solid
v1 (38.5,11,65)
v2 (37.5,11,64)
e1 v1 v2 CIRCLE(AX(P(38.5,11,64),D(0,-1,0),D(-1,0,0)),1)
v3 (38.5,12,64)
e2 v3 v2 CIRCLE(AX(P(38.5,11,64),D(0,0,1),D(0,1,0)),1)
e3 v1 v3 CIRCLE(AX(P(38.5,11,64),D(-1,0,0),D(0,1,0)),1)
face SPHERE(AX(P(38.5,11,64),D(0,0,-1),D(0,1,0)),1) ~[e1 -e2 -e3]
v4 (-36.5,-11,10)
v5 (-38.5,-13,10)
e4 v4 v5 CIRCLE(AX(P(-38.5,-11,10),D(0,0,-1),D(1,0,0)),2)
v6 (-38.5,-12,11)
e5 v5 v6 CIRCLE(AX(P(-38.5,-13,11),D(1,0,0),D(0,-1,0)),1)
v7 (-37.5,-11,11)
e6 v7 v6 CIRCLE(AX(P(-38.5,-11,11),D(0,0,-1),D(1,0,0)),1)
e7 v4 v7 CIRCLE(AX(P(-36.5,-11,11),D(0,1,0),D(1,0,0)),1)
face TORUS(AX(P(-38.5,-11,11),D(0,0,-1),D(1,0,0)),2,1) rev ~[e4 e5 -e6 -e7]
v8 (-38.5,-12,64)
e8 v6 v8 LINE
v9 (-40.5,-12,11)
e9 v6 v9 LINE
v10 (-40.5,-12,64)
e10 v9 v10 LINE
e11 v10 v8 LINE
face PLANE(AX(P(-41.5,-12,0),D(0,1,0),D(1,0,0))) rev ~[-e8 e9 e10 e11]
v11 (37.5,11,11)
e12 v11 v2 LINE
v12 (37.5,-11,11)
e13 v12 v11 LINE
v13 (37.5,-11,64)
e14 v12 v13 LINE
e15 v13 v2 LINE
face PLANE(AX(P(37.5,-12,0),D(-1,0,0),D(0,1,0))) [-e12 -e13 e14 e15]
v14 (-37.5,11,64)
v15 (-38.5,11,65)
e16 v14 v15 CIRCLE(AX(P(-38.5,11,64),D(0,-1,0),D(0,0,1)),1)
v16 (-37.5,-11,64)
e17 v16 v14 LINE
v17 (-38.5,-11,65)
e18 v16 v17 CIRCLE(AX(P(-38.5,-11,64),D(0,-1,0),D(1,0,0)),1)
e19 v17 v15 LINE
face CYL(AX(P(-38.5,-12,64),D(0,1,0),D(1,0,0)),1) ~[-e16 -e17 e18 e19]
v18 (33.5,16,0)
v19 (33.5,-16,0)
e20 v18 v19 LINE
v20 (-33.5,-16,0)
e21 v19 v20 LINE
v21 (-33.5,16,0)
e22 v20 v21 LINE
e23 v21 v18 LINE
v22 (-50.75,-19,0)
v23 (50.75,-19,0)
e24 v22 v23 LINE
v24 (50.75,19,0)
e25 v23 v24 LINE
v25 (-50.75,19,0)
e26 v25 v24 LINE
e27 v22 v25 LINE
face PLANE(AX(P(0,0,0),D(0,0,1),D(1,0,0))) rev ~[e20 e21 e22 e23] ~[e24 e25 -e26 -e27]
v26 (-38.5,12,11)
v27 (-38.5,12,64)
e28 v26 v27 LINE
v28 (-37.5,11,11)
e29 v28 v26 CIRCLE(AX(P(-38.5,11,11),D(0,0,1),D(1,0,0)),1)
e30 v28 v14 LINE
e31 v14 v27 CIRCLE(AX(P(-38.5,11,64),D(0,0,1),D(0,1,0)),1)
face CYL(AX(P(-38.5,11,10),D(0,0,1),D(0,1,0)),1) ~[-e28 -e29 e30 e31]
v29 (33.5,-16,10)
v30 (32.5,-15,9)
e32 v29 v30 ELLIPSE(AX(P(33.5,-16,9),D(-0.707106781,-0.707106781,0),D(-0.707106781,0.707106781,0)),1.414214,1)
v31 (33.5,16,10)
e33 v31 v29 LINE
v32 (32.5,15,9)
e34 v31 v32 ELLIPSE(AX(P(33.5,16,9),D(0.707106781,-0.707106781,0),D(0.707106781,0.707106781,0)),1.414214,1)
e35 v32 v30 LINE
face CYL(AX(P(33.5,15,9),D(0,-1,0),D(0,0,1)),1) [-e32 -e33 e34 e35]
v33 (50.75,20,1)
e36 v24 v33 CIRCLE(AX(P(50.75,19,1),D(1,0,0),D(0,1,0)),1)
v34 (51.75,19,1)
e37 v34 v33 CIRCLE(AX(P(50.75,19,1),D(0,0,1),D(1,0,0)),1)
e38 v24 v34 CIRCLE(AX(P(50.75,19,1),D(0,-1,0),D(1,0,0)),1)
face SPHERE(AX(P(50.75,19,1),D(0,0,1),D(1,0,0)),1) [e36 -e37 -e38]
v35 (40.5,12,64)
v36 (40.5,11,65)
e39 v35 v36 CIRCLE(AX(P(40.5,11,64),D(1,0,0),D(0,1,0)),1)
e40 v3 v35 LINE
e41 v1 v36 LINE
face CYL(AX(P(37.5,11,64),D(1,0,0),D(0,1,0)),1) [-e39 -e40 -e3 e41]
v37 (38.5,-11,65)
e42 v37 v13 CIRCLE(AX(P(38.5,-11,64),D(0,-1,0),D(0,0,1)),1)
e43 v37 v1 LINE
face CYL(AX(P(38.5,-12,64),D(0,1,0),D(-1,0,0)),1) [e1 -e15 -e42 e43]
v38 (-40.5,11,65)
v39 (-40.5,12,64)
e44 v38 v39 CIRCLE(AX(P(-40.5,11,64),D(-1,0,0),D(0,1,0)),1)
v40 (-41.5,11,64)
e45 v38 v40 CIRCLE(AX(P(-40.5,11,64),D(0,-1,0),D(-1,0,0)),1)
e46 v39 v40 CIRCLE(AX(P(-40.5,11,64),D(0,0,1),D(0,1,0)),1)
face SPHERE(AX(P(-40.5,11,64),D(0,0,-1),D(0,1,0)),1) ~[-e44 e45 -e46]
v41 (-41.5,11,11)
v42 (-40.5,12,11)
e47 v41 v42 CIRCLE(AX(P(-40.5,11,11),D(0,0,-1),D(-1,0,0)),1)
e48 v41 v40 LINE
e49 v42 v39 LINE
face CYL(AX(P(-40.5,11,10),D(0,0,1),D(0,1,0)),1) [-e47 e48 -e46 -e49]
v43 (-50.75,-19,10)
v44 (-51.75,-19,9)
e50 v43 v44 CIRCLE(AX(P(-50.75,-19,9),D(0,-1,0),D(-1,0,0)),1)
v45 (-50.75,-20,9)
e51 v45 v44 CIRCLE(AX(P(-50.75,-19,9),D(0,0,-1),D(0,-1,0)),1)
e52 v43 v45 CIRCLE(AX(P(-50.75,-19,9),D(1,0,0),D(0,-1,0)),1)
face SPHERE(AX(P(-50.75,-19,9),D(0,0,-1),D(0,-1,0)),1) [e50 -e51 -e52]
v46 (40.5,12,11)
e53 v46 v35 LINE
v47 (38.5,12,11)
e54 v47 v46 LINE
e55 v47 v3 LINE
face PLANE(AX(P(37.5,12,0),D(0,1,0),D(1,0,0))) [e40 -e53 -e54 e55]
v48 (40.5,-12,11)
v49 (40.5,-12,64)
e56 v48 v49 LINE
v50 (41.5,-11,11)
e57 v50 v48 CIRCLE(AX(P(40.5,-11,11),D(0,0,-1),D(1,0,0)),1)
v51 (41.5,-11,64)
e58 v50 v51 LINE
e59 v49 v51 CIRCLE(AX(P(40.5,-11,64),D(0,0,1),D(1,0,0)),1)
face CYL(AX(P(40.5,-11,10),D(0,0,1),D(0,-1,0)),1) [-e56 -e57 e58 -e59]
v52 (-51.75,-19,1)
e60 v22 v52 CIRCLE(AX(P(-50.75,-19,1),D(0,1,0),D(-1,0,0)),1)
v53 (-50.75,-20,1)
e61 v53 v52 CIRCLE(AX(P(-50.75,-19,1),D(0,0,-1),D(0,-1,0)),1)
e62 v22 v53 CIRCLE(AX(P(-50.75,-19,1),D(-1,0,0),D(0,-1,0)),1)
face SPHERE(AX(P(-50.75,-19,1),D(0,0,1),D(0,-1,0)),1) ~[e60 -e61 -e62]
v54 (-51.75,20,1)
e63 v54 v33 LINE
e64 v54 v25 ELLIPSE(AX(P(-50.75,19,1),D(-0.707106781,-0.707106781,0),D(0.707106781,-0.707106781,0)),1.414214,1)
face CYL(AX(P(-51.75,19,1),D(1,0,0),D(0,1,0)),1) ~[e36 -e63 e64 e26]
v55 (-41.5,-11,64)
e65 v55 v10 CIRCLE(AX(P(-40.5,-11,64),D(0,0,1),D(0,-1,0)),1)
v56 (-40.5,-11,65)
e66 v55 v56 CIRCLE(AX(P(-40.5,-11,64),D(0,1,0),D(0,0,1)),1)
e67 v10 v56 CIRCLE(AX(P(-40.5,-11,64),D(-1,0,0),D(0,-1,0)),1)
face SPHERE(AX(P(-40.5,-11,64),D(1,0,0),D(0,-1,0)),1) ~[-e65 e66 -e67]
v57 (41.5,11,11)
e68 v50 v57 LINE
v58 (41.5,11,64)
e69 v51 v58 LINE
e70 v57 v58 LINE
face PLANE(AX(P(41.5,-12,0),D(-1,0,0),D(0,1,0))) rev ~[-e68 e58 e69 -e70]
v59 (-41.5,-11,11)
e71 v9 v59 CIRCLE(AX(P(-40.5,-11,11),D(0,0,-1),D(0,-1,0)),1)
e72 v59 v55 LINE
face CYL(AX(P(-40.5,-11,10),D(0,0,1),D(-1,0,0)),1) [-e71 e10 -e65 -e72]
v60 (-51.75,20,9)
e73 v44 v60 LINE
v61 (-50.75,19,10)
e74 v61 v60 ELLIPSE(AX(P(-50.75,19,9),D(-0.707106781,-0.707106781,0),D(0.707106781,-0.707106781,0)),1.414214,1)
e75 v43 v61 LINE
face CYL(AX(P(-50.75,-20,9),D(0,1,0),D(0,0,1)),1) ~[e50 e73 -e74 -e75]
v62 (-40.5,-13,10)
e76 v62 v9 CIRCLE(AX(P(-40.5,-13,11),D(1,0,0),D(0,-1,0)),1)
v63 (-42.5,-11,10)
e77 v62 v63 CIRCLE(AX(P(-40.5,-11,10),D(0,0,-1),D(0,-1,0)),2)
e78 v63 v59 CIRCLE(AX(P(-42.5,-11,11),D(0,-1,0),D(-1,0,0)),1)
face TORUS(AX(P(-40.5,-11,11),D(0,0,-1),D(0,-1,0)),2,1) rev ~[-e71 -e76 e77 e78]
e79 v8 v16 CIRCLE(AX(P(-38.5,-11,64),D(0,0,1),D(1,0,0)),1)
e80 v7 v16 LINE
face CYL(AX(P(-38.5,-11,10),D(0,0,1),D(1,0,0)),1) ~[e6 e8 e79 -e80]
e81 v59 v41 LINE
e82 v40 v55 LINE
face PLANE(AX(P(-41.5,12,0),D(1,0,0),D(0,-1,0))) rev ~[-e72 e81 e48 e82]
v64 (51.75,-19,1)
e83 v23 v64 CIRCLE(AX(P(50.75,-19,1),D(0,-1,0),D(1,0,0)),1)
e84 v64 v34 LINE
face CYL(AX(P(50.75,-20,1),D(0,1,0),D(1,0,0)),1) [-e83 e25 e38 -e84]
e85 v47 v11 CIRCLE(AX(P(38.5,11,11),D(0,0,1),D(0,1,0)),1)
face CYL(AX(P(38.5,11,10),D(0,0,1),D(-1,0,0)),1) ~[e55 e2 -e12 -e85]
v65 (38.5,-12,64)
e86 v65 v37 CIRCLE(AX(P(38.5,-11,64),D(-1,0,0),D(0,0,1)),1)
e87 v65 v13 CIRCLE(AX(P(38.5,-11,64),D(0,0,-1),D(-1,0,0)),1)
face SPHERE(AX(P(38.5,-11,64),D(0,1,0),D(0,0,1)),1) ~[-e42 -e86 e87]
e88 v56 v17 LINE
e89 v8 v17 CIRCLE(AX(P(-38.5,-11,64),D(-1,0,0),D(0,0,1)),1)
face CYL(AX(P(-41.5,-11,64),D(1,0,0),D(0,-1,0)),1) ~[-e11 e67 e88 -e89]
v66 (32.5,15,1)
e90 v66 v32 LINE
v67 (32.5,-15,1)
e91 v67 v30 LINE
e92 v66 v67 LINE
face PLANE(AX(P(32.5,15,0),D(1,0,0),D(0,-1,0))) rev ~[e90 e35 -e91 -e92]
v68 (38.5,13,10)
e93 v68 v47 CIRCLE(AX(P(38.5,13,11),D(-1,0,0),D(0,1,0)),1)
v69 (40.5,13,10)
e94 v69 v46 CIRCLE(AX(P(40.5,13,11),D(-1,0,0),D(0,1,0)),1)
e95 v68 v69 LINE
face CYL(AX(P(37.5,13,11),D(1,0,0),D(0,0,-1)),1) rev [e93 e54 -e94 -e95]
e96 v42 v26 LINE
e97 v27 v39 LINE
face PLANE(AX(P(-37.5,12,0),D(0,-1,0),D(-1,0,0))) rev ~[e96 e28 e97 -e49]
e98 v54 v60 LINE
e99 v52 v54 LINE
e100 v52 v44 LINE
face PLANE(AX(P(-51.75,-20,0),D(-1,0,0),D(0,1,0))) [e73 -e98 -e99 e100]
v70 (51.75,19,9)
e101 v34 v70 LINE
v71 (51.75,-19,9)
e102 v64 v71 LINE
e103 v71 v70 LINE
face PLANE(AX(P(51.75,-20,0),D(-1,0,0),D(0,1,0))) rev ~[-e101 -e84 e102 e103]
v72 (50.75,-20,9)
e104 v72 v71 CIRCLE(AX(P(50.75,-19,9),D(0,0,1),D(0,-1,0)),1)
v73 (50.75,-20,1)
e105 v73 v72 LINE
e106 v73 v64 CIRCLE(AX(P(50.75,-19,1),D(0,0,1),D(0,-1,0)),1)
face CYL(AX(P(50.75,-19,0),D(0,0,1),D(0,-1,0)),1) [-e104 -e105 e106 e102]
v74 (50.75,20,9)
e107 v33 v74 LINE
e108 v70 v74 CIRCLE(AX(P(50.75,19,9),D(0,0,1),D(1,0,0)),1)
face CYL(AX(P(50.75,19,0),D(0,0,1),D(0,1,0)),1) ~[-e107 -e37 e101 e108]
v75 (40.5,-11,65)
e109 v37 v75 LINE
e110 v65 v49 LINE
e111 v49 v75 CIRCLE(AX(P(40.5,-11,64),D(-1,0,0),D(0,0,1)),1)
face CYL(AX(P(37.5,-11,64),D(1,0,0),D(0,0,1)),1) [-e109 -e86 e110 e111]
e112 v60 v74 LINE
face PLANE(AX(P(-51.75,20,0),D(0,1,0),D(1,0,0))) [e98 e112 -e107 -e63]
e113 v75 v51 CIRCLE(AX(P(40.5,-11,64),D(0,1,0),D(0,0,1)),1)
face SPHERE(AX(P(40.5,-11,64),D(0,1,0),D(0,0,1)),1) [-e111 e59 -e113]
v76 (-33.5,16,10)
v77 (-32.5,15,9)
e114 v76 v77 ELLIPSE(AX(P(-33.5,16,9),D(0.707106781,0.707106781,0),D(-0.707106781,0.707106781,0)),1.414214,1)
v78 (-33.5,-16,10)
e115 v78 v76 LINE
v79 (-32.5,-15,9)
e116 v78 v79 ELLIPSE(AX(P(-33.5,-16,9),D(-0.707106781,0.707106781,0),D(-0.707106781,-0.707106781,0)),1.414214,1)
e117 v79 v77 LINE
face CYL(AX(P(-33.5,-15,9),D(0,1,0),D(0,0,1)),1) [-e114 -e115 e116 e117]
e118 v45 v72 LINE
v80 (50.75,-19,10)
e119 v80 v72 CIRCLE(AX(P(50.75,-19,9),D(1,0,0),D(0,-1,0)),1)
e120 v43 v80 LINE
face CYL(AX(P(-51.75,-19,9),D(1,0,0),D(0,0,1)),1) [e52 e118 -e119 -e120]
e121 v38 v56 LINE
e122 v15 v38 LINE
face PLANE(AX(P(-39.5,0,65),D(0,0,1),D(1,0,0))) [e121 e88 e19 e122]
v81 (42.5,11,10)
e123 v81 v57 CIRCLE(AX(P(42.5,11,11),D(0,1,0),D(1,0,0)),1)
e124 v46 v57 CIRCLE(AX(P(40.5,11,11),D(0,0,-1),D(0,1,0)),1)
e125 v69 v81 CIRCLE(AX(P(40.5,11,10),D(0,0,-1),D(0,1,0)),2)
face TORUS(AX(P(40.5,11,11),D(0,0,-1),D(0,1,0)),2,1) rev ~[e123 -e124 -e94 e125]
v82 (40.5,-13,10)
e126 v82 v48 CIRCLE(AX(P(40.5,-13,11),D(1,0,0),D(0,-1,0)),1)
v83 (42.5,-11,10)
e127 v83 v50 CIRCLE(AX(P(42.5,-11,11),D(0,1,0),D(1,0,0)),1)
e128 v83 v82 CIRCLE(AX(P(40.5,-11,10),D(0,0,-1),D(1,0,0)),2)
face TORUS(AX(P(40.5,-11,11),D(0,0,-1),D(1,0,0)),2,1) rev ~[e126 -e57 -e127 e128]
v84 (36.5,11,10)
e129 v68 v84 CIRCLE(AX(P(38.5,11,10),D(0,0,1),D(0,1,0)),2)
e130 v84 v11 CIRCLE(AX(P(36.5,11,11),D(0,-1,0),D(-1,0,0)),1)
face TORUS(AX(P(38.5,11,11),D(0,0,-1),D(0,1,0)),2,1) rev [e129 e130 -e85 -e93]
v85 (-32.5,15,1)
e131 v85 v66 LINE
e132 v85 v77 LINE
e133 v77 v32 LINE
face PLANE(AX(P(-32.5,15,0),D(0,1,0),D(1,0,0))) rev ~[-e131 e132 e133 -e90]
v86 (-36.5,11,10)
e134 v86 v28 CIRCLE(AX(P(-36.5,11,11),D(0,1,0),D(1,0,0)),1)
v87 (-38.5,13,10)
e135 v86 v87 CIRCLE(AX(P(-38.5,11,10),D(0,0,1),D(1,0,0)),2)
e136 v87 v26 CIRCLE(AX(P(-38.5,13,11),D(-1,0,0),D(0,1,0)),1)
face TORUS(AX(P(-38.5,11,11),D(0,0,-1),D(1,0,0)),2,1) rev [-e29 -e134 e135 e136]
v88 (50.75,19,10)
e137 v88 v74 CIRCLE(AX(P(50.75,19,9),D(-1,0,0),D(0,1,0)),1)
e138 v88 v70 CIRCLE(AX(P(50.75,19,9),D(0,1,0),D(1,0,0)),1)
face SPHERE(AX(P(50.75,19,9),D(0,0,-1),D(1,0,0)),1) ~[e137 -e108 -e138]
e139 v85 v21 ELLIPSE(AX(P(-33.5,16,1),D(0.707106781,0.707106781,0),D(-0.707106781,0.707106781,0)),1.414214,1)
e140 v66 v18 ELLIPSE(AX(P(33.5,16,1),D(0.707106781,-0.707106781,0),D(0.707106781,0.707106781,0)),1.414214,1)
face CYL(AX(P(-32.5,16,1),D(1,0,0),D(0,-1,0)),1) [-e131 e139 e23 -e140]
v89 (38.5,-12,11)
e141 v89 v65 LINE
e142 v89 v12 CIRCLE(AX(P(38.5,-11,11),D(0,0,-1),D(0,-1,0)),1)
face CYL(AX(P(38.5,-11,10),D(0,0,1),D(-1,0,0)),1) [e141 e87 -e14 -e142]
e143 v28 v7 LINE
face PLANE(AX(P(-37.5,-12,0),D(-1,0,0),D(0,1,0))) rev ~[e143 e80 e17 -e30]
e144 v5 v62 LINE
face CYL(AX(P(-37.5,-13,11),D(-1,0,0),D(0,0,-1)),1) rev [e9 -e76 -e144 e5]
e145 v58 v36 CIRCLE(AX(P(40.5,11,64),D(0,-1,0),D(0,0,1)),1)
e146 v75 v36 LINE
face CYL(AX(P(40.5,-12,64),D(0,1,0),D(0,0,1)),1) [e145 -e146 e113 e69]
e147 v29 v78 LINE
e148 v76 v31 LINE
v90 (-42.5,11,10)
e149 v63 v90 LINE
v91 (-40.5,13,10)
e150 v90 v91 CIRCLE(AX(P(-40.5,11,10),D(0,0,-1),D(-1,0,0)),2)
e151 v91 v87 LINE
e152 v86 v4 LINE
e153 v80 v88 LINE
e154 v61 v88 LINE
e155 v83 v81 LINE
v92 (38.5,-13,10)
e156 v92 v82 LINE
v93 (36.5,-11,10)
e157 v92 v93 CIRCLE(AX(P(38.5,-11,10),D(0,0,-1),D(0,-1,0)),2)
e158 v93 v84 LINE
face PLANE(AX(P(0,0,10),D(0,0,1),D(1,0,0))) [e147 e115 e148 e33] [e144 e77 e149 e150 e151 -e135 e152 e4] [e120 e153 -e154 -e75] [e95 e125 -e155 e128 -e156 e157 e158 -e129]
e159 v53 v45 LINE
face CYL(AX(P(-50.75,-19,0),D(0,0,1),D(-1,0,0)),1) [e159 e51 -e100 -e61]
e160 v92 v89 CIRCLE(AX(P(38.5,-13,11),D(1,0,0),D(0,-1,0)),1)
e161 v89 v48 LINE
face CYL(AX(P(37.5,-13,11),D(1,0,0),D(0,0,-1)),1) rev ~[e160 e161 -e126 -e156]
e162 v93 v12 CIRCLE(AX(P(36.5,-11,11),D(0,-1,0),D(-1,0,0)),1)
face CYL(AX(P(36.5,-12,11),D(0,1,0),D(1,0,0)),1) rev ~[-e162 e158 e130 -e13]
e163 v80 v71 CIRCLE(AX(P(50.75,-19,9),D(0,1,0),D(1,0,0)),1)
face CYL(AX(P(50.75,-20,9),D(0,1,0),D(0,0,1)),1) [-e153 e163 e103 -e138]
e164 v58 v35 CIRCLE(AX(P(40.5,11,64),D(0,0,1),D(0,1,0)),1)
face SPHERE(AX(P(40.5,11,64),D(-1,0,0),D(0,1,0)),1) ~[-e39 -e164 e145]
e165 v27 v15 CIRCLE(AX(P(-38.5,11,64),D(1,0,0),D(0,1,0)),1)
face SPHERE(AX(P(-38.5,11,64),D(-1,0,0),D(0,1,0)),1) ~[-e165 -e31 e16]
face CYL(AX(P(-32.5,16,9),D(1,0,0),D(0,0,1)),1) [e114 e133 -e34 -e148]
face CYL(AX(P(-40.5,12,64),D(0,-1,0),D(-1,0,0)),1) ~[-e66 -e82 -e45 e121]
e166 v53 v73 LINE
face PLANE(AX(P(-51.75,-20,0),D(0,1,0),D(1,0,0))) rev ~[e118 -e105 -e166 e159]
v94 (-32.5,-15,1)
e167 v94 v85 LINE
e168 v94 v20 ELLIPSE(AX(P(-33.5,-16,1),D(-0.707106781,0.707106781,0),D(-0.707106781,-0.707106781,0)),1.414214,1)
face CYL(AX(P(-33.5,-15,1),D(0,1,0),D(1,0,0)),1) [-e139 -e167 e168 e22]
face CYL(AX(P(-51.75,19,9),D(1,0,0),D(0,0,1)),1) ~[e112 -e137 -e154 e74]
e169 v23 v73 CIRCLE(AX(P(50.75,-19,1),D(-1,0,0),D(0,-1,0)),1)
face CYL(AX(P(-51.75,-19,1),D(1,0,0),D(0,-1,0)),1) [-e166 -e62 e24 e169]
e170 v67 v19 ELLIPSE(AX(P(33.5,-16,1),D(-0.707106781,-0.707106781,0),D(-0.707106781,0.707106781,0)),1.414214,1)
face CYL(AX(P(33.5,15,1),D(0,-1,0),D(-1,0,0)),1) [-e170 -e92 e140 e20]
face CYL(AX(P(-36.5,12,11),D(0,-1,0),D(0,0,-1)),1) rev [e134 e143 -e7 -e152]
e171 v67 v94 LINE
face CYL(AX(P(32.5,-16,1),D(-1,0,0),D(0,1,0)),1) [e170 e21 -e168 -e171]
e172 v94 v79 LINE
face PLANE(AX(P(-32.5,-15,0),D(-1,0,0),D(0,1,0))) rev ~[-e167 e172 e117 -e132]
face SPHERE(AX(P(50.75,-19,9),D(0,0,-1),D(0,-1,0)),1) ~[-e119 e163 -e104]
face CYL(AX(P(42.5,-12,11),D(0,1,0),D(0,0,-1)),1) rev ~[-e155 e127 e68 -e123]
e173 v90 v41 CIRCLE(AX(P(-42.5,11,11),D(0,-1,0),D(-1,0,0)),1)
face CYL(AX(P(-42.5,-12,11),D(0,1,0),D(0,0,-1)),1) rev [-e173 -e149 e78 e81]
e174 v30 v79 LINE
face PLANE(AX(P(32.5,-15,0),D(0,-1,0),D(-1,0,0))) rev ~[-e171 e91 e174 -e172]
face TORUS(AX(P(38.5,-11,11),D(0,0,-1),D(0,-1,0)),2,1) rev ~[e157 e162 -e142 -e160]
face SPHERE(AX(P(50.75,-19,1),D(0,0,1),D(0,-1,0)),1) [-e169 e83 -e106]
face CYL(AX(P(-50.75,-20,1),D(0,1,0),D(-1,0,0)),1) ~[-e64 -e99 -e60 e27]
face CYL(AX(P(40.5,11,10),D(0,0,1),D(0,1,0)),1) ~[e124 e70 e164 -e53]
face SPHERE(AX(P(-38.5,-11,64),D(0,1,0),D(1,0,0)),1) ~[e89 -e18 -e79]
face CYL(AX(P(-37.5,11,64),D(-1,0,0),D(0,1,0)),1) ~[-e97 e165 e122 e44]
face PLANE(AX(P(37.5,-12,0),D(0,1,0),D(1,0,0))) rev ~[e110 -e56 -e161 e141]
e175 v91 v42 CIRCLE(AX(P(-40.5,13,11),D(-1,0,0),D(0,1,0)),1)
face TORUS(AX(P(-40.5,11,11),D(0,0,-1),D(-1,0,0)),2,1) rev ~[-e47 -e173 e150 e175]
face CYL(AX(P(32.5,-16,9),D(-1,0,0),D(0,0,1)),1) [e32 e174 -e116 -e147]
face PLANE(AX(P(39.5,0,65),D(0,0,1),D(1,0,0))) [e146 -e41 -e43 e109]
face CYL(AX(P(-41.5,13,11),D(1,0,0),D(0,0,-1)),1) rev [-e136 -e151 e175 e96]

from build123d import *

# Parameters (mm, degrees)
F0_W     = 103.5
F0_H     = 40
F0_W_2   = 4
F0_H_2   = 24
F1_DEPTH = 10
F2_DEPTH = 65
F3_DEPTH = 65
F4_R     = 1


with BuildPart() as f1:
    # F0 (on Top) → F1 (new body)
    with BuildSketch(Plane.XY):
        Rectangle(F0_W, F0_H)
        Polygon((-37.5, 12), (-37.5, 0), (-37.5, -12), (-41.5, -12), (-41.5, 12), align=None, mode=Mode.SUBTRACT)
        Polygon((32.5, -15), (-32.5, -15), (-32.5, 0), (-32.5, 15), (32.5, 15), align=None, mode=Mode.SUBTRACT)
        with Locations((39.5, 0)):
            Rectangle(F0_W_2, F0_H_2, mode=Mode.SUBTRACT)
    extrude(amount=F1_DEPTH)

    # F0 (on Top) → F2 (join)
    with BuildSketch(Plane.XY):
        Polygon((-37.5, -12), (-37.5, 0), (-37.5, 12), (-41.5, 12), (-41.5, -12), align=None)
    extrude(amount=F2_DEPTH)

    # F0 (on Top) → F3 (join)
    with BuildSketch(Plane.XY):
        with Locations((39.5, 0)):
            Rectangle(F0_W_2, F0_H_2)
    extrude(amount=F3_DEPTH)

    # F4
    f4_edges = [f1.edges().sort_by_distance(p)[0] for p in [
        (-51.75, -20, 5),
        (51.75, -20, 5),
        (0, -20, 0),
        (0, -20, 10),
        (51.75, 20, 5),
        (51.75, 0, 0),
        (51.75, 0, 10),
        (0, 20, 10),
        (-51.75, 0, 10),
        (-37.5, 0, 10),
        (-39.5, -12, 10),
        (-41.5, 0, 10),
        (-39.5, 12, 10),
        (0, -15, 10),
        (-32.5, 0, 10),
        (0, 15, 10),
        (32.5, 0, 10),
        (39.5, 12, 10),
        (41.5, 0, 10),
        (39.5, -12, 10),
        (37.5, 0, 10),
        (37.5, 12, 37.5),
        (39.5, 12, 65),
        (41.5, 12, 37.5),
        (41.5, 0, 65),
        (37.5, 0, 65),
        (39.5, -12, 65),
        (-41.5, 12, 37.5),
        (-39.5, 12, 65),
        (-37.5, 12, 37.5),
        (41.5, -12, 37.5),
        (37.5, -12, 37.5),
        (-37.5, 0, 65),
        (-37.5, -12, 37.5),
        (-39.5, -12, 65),
        (-41.5, -12, 37.5),
        (-41.5, 0, 65),
        (0, 20, 0),
        (-51.75, 0, 0),
        (0, -15, 0),
        (-32.5, 0, 0),
        (0, 15, 0),
        (32.5, 0, 0),
    ]]
    fillet(f4_edges, radius=F4_R)


solid = f1.part
